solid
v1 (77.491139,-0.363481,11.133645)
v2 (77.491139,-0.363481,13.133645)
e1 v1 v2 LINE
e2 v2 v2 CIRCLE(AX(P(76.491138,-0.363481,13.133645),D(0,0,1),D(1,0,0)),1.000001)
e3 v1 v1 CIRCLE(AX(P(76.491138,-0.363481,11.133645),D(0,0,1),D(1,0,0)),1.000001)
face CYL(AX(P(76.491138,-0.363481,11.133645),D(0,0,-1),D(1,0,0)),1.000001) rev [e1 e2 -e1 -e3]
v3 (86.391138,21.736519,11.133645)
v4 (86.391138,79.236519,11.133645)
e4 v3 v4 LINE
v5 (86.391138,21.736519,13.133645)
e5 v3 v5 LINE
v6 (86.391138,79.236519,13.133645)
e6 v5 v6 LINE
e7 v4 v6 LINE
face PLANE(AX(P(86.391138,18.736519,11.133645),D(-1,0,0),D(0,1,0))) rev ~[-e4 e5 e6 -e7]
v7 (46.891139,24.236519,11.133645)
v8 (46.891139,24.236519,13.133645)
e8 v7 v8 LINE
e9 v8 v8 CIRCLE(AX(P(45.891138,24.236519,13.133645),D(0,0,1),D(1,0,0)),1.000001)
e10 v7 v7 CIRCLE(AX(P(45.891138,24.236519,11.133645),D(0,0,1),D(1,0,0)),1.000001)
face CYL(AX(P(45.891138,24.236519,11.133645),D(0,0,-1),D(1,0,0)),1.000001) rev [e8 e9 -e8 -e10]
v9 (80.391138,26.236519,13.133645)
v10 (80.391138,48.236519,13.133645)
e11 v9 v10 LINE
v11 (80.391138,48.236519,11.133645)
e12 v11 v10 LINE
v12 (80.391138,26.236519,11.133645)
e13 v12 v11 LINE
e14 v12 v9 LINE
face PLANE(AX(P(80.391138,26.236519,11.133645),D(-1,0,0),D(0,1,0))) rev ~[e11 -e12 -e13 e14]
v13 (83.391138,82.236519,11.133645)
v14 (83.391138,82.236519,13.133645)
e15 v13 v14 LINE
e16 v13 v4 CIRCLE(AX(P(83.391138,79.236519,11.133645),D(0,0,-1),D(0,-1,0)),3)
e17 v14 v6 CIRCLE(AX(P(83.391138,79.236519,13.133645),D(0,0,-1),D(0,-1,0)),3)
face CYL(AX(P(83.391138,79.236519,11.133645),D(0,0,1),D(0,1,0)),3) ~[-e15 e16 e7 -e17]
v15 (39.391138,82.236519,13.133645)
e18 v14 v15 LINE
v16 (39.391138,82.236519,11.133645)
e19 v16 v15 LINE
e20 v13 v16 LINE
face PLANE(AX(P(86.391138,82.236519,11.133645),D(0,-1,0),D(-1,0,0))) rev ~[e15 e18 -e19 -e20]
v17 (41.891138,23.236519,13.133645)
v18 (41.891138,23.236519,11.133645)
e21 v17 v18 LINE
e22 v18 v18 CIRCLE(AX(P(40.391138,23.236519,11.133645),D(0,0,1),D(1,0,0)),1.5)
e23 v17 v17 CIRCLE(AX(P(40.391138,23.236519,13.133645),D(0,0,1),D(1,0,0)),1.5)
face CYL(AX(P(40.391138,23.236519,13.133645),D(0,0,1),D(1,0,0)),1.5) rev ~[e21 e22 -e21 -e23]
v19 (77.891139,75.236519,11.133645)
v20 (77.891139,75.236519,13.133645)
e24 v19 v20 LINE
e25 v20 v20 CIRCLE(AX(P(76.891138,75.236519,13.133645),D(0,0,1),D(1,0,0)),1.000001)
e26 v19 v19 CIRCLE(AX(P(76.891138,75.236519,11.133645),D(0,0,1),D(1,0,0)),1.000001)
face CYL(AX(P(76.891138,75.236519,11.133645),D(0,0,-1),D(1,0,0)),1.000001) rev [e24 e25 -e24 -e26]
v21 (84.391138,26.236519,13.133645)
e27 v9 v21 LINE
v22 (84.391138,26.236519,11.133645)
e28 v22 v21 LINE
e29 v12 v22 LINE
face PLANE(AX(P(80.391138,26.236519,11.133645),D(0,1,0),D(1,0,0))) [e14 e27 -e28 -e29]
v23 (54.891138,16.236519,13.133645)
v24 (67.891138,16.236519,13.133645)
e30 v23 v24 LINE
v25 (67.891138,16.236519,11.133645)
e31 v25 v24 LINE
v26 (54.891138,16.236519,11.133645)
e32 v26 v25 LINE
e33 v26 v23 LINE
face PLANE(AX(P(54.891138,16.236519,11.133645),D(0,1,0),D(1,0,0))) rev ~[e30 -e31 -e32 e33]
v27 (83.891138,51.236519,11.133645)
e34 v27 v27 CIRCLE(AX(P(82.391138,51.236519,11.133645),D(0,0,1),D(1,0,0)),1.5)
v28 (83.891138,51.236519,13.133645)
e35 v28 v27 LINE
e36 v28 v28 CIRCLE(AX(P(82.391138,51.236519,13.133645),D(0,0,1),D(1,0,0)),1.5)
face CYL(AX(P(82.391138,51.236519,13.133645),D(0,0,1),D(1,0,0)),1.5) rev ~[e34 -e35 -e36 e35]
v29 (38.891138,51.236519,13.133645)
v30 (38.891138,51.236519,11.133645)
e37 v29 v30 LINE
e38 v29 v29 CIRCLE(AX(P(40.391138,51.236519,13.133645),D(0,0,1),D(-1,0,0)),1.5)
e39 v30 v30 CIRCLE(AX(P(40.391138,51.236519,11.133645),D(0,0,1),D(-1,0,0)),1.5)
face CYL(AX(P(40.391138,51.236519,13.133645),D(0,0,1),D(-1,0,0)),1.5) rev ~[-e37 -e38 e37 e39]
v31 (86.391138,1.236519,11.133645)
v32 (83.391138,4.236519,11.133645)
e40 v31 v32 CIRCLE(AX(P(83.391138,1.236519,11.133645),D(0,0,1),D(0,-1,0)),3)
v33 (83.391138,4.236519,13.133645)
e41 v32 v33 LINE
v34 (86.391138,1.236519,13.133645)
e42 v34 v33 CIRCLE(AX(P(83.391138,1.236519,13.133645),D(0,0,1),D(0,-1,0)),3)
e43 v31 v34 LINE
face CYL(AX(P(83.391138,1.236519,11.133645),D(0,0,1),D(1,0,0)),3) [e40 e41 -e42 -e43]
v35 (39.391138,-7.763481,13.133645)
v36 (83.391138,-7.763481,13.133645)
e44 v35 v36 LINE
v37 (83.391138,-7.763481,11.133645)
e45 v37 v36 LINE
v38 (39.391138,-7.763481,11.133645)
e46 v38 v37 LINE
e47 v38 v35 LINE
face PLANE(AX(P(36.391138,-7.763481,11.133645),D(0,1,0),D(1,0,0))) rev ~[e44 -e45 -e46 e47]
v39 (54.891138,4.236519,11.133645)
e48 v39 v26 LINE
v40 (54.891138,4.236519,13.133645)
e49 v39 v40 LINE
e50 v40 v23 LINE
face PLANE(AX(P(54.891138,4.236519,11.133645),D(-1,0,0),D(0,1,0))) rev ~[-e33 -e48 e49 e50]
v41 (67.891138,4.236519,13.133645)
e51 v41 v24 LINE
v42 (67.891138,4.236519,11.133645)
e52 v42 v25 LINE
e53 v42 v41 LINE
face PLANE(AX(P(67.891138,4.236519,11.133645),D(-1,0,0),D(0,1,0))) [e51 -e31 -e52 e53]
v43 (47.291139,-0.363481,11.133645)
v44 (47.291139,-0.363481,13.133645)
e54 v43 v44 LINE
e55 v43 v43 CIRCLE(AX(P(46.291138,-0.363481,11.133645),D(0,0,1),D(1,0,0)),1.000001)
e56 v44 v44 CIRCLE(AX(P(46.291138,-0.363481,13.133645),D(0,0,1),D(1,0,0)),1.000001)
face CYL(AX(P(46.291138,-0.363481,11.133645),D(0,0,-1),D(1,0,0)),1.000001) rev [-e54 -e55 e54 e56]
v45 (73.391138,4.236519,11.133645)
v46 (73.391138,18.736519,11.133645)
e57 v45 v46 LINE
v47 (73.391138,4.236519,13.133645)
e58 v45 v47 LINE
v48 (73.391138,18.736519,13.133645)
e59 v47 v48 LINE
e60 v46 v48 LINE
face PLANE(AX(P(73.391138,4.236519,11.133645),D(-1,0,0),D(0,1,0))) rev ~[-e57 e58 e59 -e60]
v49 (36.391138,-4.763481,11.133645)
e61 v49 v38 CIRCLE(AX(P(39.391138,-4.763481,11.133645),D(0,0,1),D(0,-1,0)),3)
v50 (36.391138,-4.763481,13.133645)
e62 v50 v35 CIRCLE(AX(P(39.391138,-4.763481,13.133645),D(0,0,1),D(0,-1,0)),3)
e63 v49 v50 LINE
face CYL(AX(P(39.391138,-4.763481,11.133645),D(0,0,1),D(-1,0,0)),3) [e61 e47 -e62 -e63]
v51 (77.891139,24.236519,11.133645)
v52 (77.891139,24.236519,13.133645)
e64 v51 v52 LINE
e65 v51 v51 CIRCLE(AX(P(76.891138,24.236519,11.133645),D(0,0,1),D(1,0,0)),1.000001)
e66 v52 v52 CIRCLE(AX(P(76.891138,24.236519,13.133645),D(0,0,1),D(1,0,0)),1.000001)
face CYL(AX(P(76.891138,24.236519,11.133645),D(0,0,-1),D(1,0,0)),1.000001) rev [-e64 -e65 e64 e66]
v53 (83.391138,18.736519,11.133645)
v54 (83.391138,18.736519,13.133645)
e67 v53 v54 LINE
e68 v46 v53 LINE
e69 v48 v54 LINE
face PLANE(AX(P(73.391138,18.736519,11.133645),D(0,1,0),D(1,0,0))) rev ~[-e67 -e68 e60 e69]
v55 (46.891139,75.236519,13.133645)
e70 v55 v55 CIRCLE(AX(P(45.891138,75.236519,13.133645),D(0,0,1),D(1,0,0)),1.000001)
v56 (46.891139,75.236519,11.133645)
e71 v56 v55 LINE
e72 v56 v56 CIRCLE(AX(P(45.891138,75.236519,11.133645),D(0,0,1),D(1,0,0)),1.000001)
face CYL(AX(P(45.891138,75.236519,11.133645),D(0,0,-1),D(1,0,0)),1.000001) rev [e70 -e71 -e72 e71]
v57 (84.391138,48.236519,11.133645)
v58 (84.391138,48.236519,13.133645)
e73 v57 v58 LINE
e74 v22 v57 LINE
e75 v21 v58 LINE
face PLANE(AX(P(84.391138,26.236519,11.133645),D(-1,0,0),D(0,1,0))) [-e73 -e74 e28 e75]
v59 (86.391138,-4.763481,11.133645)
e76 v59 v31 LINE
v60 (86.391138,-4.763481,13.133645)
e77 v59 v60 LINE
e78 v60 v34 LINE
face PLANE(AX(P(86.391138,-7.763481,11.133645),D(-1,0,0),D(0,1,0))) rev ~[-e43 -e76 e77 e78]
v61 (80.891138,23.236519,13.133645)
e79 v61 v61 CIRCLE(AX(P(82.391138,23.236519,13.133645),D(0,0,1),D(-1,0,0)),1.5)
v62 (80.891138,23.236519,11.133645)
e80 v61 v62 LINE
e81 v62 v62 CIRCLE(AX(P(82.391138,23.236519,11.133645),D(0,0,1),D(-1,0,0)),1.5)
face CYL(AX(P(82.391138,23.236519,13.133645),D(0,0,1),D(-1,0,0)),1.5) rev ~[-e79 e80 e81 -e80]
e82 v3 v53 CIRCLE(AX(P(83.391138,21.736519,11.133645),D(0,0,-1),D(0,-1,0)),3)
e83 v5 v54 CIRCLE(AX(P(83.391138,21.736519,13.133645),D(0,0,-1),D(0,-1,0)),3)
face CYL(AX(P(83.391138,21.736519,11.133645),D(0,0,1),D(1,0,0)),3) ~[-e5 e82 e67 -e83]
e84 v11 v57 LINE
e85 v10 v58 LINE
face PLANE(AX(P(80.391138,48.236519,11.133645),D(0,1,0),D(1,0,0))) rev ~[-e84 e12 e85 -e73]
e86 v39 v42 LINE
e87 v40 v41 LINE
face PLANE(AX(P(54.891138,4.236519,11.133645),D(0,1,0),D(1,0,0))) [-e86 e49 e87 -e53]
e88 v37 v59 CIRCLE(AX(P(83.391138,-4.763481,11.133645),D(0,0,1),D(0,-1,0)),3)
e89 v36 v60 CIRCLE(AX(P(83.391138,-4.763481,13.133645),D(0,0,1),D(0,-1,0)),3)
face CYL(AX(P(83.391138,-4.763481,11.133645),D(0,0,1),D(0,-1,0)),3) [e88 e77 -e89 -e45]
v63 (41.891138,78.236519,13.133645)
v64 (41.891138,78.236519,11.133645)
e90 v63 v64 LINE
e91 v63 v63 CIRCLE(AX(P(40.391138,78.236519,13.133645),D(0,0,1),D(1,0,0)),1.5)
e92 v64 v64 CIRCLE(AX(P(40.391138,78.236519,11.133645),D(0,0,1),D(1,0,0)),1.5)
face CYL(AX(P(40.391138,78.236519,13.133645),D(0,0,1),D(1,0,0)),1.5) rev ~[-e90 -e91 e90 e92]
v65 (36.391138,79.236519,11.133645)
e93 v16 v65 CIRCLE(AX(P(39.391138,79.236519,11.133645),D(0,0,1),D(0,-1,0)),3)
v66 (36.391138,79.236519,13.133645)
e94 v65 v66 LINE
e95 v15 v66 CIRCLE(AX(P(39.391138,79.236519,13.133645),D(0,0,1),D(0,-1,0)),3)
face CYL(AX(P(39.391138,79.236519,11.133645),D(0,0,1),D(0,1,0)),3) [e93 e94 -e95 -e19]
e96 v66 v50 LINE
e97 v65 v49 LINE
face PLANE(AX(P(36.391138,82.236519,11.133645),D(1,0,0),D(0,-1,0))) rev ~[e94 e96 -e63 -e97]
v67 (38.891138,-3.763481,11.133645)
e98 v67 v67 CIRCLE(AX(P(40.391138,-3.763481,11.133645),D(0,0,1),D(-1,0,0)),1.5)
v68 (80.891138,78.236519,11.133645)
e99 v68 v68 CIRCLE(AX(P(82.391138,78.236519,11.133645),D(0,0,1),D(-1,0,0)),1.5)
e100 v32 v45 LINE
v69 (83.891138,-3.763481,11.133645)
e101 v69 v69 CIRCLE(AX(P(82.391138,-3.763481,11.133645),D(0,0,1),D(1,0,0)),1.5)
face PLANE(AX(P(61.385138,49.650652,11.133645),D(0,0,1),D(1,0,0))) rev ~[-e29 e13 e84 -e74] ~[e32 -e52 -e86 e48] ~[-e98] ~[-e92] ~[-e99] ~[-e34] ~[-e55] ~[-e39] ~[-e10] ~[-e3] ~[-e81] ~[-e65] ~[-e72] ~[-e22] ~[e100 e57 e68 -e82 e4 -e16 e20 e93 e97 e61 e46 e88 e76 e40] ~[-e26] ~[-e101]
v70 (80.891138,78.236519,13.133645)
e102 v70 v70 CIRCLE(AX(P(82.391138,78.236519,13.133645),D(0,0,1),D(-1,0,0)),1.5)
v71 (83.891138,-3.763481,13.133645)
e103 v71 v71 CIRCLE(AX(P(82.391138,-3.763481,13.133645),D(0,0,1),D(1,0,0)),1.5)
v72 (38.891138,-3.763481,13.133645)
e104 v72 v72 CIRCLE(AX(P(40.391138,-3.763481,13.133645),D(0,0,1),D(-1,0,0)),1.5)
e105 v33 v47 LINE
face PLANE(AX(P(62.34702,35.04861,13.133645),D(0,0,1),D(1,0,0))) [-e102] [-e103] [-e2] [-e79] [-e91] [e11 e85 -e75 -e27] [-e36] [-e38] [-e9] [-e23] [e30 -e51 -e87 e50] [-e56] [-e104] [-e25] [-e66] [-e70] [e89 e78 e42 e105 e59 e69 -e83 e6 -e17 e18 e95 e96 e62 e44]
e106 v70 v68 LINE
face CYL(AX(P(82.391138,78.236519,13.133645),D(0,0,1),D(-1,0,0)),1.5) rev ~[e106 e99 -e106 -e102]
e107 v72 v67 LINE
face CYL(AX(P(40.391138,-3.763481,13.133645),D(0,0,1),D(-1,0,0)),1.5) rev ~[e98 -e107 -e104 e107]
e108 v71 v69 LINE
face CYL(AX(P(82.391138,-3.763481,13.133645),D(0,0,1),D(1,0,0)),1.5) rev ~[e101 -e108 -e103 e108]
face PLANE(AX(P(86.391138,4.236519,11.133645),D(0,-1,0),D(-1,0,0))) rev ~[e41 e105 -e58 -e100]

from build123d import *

# Parameters (mm, degrees)
SKETCH_1_R          = 1.00000054
SKETCH_1_W          = 13
SKETCH_1_H          = 12
SKETCH_1_W_2        = 35.054000855
SKETCH_1_H_2        = 47
SKETCH_1_W_3        = 4
SKETCH_1_H_3        = 22
EXTRUDE_1_DEPTH     = 2
FILLET_2_R          = 3
SKETCH_2_R          = 1.5
CUT_EXTRUDE_1_DEPTH = 120.290710997


with BuildPart() as part:
    # 草图1 → 凸台-拉伸1 (new body)
    # profile 1 of 2: a face of its own
    with BuildSketch(Plane.XY.offset(11.133645354)):
        Polygon((86.391138075, 82.236518604), (36.391138075, 82.236518604), (36.391138075, -7.763481396), (86.391138075, -7.763481396), (86.391138075, 4.236518604), (73.391138075, 4.236518604), (73.391138075, 18.736518604), (86.391138075, 18.736518604), align=None)
        with Locations((46.291138075, -0.363481396)):
            Circle(SKETCH_1_R, mode=Mode.SUBTRACT)
        with Locations((45.891138075, 24.236518604)):
            Circle(SKETCH_1_R, mode=Mode.SUBTRACT)
        with Locations((61.391138075, 10.236518604)):
            Rectangle(SKETCH_1_W, SKETCH_1_H, mode=Mode.SUBTRACT)
        with Locations((76.491138075, -0.363481396)):
            Circle(SKETCH_1_R, mode=Mode.SUBTRACT)
        with Locations((76.891138075, 24.236518604)):
            Circle(SKETCH_1_R, mode=Mode.SUBTRACT)
        with Locations((61.385138076, 49.650651887)):
            Rectangle(SKETCH_1_W_2, SKETCH_1_H_2, mode=Mode.SUBTRACT)
        with Locations((45.891138075, 75.236518604)):
            Circle(SKETCH_1_R, mode=Mode.SUBTRACT)
        with Locations((82.391138075, 37.236518604)):
            Rectangle(SKETCH_1_W_3, SKETCH_1_H_3, mode=Mode.SUBTRACT)
        with Locations((76.891138075, 75.236518604)):
            Circle(SKETCH_1_R, mode=Mode.SUBTRACT)
    # profile 2 of 2: a face of its own
    with BuildSketch(Plane.XY.offset(11.133645354)):
        with Locations((61.385138076, 49.650651887)):
            Rectangle(SKETCH_1_W_2, SKETCH_1_H_2)
    extrude(amount=EXTRUDE_1_DEPTH)

    # 圆角2
    fillet_2_edges = [part.edges().sort_by_distance(p)[0] for p in [
        (86.391138075, 4.236518604, 12.133645354),
        (86.391138075, -7.763481396, 12.133645354),
        (36.391138075, -7.763481396, 12.133645354),
        (36.391138075, 82.236518604, 12.133645354),
        (86.391138075, 82.236518604, 12.133645354),
        (86.391138075, 18.736518604, 12.133645354),
    ]]
    fillet(fillet_2_edges, radius=FILLET_2_R)

    # 草图2 → 切除-拉伸1 (cut, through all)
    with BuildSketch(Plane.XY.offset(13.133645354)):
        with Locations((40.391138075, 78.236518604)):
            Circle(SKETCH_2_R)
        with Locations(Location((82.391138075, 78.236518604, 0), (0, 0, 180))):
            Circle(SKETCH_2_R)
        with Locations((40.391138075, 23.236518604)):
            Circle(SKETCH_2_R)
        with Locations(Location((82.391138075, 23.236518604, 0), (0, 0, 180))):
            Circle(SKETCH_2_R)
        with Locations(Location((40.391138075, 51.236518604, 0), (0, 0, 180))):
            Circle(SKETCH_2_R)
        with Locations((82.391138075, 51.236518604)):
            Circle(SKETCH_2_R)
        with Locations((82.391138075, -3.763481396)):
            Circle(SKETCH_2_R)
        with Locations(Location((40.391138075, -3.763481396, 0), (0, 0, 180))):
            Circle(SKETCH_2_R)
    extrude(amount=-CUT_EXTRUDE_1_DEPTH, mode=Mode.SUBTRACT)


solid = part.part
